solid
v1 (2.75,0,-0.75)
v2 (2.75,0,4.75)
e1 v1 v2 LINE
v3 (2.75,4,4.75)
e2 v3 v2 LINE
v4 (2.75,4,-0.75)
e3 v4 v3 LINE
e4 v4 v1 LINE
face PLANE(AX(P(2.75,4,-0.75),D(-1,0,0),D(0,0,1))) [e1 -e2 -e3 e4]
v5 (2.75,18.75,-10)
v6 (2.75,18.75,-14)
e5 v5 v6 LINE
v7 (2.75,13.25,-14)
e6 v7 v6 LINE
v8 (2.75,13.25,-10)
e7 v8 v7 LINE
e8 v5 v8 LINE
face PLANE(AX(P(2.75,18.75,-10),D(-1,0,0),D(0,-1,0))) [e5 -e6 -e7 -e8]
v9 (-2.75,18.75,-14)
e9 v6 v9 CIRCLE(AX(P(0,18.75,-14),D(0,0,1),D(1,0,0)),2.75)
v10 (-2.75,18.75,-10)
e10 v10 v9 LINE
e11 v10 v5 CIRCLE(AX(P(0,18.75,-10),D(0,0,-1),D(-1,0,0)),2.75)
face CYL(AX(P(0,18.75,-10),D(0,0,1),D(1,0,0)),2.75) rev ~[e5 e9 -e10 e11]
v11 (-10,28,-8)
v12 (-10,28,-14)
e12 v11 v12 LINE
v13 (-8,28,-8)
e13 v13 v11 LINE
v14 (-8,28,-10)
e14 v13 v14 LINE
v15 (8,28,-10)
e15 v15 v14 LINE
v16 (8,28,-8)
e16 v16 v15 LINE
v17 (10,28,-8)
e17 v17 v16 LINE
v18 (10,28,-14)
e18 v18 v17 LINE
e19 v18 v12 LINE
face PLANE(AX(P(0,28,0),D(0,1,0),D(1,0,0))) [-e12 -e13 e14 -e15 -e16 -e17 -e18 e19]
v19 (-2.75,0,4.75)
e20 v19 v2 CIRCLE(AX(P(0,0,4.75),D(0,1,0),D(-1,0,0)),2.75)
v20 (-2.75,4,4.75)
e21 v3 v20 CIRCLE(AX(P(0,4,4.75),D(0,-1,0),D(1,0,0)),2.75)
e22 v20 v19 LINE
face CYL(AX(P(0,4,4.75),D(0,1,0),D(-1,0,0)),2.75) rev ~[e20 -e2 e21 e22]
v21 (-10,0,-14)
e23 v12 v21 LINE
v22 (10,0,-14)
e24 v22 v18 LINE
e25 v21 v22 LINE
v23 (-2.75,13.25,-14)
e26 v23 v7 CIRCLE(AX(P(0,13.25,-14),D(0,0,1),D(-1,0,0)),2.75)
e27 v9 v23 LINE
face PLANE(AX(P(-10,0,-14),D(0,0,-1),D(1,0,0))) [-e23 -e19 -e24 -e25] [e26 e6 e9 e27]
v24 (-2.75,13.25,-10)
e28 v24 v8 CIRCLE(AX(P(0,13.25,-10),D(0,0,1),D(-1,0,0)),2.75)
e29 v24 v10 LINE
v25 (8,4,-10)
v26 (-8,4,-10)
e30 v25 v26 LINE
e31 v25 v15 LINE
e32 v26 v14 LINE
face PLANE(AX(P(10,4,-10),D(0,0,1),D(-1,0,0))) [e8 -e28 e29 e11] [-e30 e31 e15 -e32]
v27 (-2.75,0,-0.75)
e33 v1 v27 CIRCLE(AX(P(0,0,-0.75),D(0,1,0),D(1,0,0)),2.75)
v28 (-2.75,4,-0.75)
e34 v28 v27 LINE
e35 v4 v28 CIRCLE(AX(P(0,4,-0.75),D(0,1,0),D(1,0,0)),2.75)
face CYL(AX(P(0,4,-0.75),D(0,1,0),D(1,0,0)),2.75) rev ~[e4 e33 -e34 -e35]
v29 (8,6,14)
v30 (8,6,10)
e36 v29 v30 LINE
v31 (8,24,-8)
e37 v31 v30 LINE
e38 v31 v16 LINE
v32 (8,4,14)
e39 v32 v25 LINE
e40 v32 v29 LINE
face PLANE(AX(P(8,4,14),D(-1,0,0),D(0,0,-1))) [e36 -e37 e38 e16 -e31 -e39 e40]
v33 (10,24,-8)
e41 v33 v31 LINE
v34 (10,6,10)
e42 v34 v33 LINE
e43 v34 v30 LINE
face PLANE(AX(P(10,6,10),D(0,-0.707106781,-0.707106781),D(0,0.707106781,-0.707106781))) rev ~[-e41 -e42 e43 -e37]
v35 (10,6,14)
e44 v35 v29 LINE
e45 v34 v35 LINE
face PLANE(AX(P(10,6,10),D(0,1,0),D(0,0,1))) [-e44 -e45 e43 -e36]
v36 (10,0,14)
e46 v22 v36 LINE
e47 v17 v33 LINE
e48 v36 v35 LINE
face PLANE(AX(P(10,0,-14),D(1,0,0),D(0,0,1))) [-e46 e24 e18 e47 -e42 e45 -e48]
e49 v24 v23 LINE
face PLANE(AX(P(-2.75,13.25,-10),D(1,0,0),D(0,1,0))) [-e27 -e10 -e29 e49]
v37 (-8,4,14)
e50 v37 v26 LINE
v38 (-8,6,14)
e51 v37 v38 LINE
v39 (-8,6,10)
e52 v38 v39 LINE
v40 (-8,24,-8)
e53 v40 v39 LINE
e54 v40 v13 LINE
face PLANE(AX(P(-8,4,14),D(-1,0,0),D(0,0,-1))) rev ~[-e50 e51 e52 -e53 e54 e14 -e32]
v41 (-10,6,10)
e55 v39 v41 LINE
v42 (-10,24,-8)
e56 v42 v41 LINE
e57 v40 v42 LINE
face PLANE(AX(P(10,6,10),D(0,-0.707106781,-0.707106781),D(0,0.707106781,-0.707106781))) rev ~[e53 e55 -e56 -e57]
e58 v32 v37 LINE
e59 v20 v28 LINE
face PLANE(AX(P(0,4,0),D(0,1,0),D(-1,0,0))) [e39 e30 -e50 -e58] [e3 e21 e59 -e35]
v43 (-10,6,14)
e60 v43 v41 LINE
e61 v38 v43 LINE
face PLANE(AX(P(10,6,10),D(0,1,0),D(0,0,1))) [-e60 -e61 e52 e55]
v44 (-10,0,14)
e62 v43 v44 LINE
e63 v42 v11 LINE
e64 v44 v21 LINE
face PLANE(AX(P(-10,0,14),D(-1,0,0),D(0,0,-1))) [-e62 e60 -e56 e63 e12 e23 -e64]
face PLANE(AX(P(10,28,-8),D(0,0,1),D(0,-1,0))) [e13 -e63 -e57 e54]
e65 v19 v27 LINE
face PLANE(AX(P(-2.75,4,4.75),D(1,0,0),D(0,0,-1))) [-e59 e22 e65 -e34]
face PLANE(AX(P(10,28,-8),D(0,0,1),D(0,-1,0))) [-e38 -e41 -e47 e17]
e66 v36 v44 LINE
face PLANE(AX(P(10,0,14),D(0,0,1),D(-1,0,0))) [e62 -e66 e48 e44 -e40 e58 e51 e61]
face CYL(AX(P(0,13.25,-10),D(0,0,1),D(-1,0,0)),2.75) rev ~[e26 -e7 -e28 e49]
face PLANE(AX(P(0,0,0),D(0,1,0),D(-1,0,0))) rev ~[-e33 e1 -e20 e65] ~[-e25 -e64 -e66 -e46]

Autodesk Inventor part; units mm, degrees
ref_plane "YZ Plane" through (0, 0, 0) normal (1, 0, 0) x (0, 1, 0)
ref_plane "XZ Plane" through (0, 0, 0) normal (0, 1, 0) x (-1, 0, 0)
ref_plane "XY Plane" through (0, 0, 0) normal (0, 0, 1) x (1, 0, 0)
sketch "Sketch1" plane through (0, 0, 0) normal (0, 1, 0) x (-1, 0, 0)
  line L0 (-10, 14) -> (10, 14)
  line L1 (10, 14) -> (10, -14)
  line L2 (10, -14) -> (-10, -14)
  line L3 (-10, -14) -> (-10, 14)
  line L4 (-10, 14) -> (10, -14) construction
  line L5 (10, 14) -> (-10, -14) construction
  point P0 (0, 0)
  dimension "d0" = 28
  dimension "d1" = 20
extrude "Extrusion1" add sketch "Sketch1" along normal blind 4
sketch "Sketch2" plane through (0, 4, 0) normal (0, 1, 0) x (1, 0, 0)
  line L0 (10, 14) -> (-10, 14) projected
  line L1 (-10, 14) -> (10, 14)
  line L2 (10, 14) -> (10, 10)
  line L3 (10, 10) -> (-10, 10)
  line L4 (-10, 10) -> (-10, 14)
  point P0 (0, 0)
  dimension "d4" = 4
extrude "Extrusion2" add sketch "Sketch2" along normal blind 24
sketch "Sketch3" plane through (0, 4, 0) normal (0, 1, 0) x (1, 0, 0)
  line L0 (-10, 10) -> (10, 10) projected
  line L1 (10, -14) -> (8, -14)
  line L2 (8, -14) -> (8, 10)
  line L3 (8, 10) -> (10, 10)
  line L4 (10, 10) -> (10, -14)
  line L5 (-10, -14) -> (-8, -14)
  line L6 (-8, -14) -> (-8, 10)
  line L7 (-8, 10) -> (-10, 10)
  line L8 (-10, 10) -> (-10, -14)
  point P0 (0, 0)
  dimension "d7" = 2
  dimension "d8" = 2
extrude "Extrusion3" add sketch "Sketch3" along normal blind 24
sketch "Sketch4" plane through (10, 0, 14) normal (1, 0, 0) x (0, 0, -1)
  line L0 (0, 4) -> (0, 28) projected
  line L1 (24, 28) -> (24, 4) projected
  line L2 (0, 28) -> (24, 28)
  line L3 (24, 28) -> (24, 4)
  line L4 (24, 4) -> (0, 4)
  line L5 (0, 4) -> (0, 28)
  line L6 (0, 28) -> (22, 28)
  line L7 (22, 28) -> (22, 6)
  line L8 (22, 6) -> (0, 6)
  line L9 (0, 6) -> (0, 28)
  line L10 (4, 6) -> (22, 24)
  point P0 (14, 0)
  dimension "d11" = 2
  dimension "d12" = 2
  dimension "d13" = 4
  dimension "d14" = 4
extrude "Extrusion4" cut sketch "Sketch4" against normal blind 24 contours L0 L2 L7 L10 L8
sketch "Sketch5" plane through (0, 4, 0) normal (0, 1, 0) x (1, 0, 0)
  line L0 (-8, -14) -> (8, -14) projected
  line L1 (0, -14) -> (0, 10)
  line L2 (-8, 10) -> (8, 10) projected
  line L3 (2.75, -4.75) -> (-2.75, -4.75)
  line L4 (-2.75, -4.75) -> (-2.75, 0.75)
  line L5 (-2.75, 0.75) -> (2.75, 0.75)
  line L6 (2.75, 0.75) -> (2.75, -4.75)
  line L7 (2.75, -4.75) -> (-2.75, 0.75) construction
  line L8 (-2.75, -4.75) -> (2.75, 0.75) construction
  arc A0 (2.75, 0.75) -> (-2.75, 0.75) centre (0, 0.75) ccw
  arc A1 (-2.75, -4.75) -> (2.75, -4.75) centre (0, -4.75) ccw
  point P0 (0, 0)
  point P1 (0, -2)
  dimension "d17" = 5.5
  dimension "d18" = 5.5
extrude "Extrusion5" cut sketch "Sketch5" against normal blind 24
sketch "Sketch6" plane through (-8, 4, -10) normal (0, 0, 1) x (1, 0, 0)
  line L0 (0, 24) -> (16, 24) projected
  line L1 (8, 24) -> (8, 0)
  line L2 (10.75, 9.25) -> (5.25, 9.25)
  line L3 (5.25, 9.25) -> (5.25, 14.75)
  line L4 (5.25, 14.75) -> (10.75, 14.75)
  line L5 (10.75, 14.75) -> (10.75, 9.25)
  line L6 (10.75, 9.25) -> (5.25, 14.75) construction
  line L7 (5.25, 9.25) -> (10.75, 14.75) construction
  arc A0 (10.75, 14.75) -> (5.25, 14.75) centre (8, 14.75) ccw
  arc A1 (5.25, 9.25) -> (10.75, 9.25) centre (8, 9.25) ccw
  line L8 (0, 0) -> (16, 0) projected
  point P0 (8, 12)
  dimension "d21" = 5.5
  dimension "d22" = 5.5
extrude "Extrusion6" cut sketch "Sketch6" against normal blind 24
properties part number "2020-90"
